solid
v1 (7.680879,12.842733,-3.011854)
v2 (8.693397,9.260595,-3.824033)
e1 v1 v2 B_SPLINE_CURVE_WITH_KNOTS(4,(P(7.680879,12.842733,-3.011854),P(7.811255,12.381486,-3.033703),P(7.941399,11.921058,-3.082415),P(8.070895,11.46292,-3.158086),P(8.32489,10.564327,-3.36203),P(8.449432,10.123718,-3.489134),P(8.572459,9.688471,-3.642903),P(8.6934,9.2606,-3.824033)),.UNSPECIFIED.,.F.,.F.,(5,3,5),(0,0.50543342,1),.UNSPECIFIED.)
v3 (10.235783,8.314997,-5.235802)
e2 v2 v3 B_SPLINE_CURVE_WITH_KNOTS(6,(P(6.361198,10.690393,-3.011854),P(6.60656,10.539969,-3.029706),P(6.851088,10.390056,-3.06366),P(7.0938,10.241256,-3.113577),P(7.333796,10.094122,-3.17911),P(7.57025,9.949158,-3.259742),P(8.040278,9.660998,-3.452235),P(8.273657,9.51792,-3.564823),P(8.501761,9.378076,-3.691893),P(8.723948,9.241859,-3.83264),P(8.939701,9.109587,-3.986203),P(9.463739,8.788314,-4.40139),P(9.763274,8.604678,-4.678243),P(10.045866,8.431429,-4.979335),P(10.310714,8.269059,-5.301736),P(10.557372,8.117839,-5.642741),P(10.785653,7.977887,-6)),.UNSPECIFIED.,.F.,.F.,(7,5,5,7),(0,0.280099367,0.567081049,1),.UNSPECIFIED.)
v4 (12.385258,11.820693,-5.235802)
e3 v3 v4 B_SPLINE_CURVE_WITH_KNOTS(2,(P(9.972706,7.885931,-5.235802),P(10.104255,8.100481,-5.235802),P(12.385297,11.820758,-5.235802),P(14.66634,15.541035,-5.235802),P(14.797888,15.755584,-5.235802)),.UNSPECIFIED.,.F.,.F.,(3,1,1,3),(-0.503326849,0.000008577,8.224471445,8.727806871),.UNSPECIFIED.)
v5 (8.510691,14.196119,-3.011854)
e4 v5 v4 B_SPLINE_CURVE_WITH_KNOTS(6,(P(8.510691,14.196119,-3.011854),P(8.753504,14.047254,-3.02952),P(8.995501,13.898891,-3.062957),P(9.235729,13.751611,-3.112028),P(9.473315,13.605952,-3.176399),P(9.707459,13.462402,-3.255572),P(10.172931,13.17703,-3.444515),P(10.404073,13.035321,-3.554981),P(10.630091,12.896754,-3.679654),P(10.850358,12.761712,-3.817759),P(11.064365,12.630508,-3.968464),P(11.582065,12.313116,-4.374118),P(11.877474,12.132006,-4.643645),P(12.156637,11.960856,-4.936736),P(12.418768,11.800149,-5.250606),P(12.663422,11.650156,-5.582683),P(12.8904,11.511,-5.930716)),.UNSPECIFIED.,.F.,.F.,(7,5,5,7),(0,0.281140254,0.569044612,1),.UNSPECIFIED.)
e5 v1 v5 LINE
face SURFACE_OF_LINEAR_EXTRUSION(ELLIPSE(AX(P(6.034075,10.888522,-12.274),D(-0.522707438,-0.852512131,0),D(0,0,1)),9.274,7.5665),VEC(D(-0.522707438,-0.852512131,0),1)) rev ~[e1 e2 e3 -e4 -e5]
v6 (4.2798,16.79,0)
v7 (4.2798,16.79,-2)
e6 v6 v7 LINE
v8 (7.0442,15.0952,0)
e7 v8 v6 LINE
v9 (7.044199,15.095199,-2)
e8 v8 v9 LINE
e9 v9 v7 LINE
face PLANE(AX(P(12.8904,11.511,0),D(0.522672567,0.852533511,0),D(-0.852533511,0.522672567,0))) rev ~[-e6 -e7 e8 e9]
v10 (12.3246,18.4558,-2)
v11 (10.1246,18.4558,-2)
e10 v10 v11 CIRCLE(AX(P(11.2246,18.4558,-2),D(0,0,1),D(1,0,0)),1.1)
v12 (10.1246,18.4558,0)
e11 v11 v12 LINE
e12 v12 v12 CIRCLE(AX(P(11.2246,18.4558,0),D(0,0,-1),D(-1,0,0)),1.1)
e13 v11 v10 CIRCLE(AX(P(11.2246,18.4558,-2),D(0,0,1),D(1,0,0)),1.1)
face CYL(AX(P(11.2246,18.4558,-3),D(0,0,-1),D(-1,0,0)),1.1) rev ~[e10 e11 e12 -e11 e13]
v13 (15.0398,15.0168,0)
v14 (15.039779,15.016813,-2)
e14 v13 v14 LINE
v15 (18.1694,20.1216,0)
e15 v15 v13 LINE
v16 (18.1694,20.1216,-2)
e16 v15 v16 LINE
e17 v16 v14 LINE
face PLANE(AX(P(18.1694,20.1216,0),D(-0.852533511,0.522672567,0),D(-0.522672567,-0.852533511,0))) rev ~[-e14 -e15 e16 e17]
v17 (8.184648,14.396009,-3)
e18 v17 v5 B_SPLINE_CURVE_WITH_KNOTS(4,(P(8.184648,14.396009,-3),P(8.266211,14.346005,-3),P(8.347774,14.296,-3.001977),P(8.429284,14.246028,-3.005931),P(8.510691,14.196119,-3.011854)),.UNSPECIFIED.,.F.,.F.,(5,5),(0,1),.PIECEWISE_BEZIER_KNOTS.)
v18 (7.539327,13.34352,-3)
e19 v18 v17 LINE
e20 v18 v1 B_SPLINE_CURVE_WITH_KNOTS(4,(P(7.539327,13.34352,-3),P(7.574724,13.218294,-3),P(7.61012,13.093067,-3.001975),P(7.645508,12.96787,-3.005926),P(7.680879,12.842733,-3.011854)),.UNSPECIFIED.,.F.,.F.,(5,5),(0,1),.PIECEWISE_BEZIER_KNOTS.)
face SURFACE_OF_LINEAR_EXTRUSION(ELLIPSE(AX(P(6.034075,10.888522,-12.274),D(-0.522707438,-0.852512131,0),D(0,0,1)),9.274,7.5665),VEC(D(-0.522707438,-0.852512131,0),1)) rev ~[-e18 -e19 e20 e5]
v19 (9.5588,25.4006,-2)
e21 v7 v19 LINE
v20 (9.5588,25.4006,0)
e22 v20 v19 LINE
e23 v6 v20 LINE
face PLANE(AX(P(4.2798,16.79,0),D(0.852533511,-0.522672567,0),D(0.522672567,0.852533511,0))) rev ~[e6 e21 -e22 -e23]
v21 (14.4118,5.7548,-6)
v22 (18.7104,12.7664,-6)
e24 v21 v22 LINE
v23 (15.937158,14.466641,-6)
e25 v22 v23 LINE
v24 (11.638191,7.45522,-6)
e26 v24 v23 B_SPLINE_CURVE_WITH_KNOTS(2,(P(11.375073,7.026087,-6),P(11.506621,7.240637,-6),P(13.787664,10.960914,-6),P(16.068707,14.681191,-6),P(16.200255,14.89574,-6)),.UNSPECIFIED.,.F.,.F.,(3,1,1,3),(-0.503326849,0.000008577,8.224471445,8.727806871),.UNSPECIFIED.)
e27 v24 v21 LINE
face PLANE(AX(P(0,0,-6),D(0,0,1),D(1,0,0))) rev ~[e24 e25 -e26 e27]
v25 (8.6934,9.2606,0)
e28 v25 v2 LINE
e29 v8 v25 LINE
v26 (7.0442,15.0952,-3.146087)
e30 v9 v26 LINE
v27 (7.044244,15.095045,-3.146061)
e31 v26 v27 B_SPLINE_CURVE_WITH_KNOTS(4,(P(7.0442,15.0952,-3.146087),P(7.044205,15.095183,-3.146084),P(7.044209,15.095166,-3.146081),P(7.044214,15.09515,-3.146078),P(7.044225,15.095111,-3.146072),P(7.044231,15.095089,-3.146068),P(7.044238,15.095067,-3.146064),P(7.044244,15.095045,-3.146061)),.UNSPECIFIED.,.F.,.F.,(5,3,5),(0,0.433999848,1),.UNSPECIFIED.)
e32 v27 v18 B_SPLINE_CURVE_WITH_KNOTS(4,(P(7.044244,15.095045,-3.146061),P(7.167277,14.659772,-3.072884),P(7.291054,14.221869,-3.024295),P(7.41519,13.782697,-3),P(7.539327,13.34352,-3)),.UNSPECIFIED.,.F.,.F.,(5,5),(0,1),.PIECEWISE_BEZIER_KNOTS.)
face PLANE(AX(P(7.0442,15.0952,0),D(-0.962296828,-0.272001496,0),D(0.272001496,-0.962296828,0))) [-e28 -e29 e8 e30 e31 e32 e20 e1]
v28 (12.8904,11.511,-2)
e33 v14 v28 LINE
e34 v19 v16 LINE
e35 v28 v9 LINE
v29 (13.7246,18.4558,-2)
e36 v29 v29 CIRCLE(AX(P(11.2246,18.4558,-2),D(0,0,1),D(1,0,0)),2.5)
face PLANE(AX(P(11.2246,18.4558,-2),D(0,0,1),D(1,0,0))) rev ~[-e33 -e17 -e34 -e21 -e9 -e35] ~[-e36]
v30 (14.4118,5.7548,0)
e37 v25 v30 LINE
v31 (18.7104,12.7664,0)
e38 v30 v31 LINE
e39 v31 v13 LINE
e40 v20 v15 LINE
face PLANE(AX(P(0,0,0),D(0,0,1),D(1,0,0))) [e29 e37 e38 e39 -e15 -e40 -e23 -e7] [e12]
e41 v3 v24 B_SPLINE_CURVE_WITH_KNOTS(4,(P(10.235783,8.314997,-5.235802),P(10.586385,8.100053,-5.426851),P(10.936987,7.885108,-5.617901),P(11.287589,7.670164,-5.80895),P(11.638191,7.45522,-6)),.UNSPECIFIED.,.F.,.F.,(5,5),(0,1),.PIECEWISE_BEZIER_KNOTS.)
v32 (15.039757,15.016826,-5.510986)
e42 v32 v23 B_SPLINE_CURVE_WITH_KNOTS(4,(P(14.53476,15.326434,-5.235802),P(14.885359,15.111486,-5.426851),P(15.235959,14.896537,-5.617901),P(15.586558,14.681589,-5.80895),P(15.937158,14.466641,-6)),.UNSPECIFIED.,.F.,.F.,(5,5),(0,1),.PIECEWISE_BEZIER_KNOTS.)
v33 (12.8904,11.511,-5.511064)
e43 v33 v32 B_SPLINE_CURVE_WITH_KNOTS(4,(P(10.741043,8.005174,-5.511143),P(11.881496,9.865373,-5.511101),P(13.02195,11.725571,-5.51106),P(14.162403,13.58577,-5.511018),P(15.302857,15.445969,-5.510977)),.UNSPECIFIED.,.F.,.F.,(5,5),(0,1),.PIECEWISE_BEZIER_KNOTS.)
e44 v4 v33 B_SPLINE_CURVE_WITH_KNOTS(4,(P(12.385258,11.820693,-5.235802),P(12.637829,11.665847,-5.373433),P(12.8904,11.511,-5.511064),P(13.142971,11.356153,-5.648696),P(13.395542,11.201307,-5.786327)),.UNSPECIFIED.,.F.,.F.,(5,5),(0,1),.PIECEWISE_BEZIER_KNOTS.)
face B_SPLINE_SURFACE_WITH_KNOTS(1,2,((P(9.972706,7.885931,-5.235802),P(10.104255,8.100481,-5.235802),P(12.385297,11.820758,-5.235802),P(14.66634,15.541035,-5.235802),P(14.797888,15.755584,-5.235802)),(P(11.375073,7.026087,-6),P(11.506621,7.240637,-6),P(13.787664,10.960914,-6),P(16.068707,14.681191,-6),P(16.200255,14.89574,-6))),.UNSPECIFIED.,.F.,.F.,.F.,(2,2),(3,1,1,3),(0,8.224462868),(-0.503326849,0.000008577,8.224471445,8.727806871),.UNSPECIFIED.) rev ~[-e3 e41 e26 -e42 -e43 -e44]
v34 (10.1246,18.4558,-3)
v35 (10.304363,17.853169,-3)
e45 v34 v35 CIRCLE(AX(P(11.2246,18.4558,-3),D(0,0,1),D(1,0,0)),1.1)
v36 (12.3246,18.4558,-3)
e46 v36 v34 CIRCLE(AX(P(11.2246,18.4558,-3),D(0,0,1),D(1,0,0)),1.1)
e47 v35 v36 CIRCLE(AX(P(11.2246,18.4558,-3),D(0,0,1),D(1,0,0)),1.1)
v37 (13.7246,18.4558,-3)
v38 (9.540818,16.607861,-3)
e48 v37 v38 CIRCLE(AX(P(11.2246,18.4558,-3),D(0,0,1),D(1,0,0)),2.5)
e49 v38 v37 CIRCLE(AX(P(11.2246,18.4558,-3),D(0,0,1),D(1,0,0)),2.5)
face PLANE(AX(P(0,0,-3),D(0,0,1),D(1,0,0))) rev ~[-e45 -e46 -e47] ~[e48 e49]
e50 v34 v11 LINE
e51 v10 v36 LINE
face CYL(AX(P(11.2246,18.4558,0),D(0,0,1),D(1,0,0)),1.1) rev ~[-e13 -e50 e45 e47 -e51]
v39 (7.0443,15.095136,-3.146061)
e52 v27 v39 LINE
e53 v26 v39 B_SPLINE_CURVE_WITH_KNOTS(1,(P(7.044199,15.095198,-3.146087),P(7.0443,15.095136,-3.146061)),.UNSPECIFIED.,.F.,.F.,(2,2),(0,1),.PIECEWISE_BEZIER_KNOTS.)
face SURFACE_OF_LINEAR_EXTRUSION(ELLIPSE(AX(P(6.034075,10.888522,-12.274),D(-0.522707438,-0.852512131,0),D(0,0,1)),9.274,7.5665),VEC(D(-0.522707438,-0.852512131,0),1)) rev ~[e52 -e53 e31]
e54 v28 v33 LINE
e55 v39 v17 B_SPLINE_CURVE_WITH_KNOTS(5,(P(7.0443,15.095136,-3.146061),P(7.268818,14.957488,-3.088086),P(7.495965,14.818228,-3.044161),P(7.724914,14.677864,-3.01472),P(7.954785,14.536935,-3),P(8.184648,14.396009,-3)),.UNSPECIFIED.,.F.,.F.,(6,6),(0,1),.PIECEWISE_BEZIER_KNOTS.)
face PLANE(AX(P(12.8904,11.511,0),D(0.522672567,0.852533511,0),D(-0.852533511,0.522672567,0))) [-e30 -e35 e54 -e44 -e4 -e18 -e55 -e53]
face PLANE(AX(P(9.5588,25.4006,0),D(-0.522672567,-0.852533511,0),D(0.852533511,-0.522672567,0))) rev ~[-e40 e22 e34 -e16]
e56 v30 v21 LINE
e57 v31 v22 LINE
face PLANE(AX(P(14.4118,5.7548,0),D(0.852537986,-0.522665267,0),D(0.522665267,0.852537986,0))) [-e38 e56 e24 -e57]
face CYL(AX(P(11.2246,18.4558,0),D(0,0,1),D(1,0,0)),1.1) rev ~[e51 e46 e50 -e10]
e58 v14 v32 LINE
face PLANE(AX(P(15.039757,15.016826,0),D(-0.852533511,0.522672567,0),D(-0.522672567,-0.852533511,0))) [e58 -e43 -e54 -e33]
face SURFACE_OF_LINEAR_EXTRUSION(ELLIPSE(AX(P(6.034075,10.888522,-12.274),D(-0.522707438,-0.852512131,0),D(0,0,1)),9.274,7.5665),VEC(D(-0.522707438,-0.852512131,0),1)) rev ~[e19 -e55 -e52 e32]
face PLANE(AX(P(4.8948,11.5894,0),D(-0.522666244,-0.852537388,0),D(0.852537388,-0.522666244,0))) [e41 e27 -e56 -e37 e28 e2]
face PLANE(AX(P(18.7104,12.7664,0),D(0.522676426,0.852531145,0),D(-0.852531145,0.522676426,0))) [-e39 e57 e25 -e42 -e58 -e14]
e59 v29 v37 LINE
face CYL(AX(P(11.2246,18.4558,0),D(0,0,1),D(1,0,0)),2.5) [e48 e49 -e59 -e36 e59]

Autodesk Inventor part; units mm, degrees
ref_plane "YZ Plane" through (0, 0, 0) normal (1, 0, 0) x (0, 1, 0)
ref_plane "XZ Plane" through (0, 0, 0) normal (0, 1, 0) x (-1, 0, 0)
sketch "Skizze1" plane through (0, 0, 0) normal (0, 0, 1) x (1, 0, 0)
  circle A0 centre (11.2246, 18.4558) radius 0.3325 construction
  circle A1 centre (11.2246, 18.4558) radius 1.1
  circle A2 centre (11.2246, 18.4558) radius 2.5
  point P0 (0, 0)
  dimension "d0" = 2.2
  dimension "d1" = 5
ref_plane "Arbeitsebene1" through (-2.597, -2.44, -3) normal (0, 0, -1) x (0, 1, 0)
extrude "Extrusion1" add sketch "Skizze1" against normal up to surface (3 mm away)
sketch "Skizze2" plane through (11.2246, 18.4558, 0) normal (0, 0, 1) x (1, 0, 0)
  line L0 (0, 0) -> (-2.8913, -4.716) construction
  line L1 (-2.8913, -4.716) -> (3.5184, 5.7389) construction
  line L2 (0, 0) -> (3.8461, -2.358) construction
  line L3 (-6.9448, -1.6658) -> (-1.6658, 6.9448)
  line L4 (-1.6658, 6.9448) -> (6.9448, 1.6658)
  line L5 (6.9448, 1.6658) -> (1.6658, -6.9448)
  line L6 (1.6658, -6.9448) -> (-6.9448, -1.6658)
  line L7 (-6.9448, -1.6658) -> (6.9448, 1.6658) construction
  line L8 (-1.6658, 6.9448) -> (1.6658, -6.9448) construction
  point P0 (-11.2246, -18.4558)
  dimension "d4" = 10.1
  dimension "d5" = 10.1
extrude "Extrusion2" add sketch "Skizze2" against normal blind 2
sketch "Skizze3" plane through (0, 0, 0) normal (0, 0, 1) x (1, 0, 0)
  line L0 (4.2798, 16.79) -> (9.5588, 25.4006) projected
  line L1 (12.8904, 11.511) -> (4.2798, 16.79) projected
  line L2 (18.1694, 20.1216) -> (12.8904, 11.511) projected
  line L3 (9.5588, 25.4006) -> (18.1694, 20.1216) projected
  line L4 (4.8948, 11.5894) -> (14.4118, 5.7548)
  line L5 (14.4118, 5.7548) -> (18.7104, 12.7664)
  line L6 (18.7104, 12.7664) -> (15.0398, 15.0168)
  line L7 (-1.5402, 15.5346) -> (18.7104, 12.7664) construction
  line L8 (14.4118, 5.7548) -> (2.7585, 22.5462) construction
  line L9 (4.8948, 11.5894) -> (7.0442, 15.0952)
  line L10 (12.8904, 11.511) -> (4.2798, 16.79) projected
  line L11 (7.0442, 15.0952) -> (12.8904, 11.511)
  line L12 (12.8904, 11.511) -> (15.0398, 15.0168)
  line L13 (18.1694, 20.1216) -> (12.8904, 11.511) projected
  point P0 (0, 0)
  point P1 (8.5851, 14.1505)
extrude "Extrusion3" add sketch "Skizze3" against normal blind 6 contours L1 L2 L6 L5 L4 L9
sketch "Skizze4" plane through (4.8948, 11.5894, -6) normal (-0.5227, -0.8525, 0) x (0.8525, -0.5227, 0)
  line L0 (-1.036, 2.1441) -> (1.7865, 3.0085) projected
  line L1 (0, 6) -> (11.1631, 6) projected
  line L2 (0, 6) -> (0, 0) projected
  line L3 (11.1631, 0) -> (0, 0) projected
  line L4 (11.1631, 6) -> (11.1631, 0) projected
  line L5 (0.7075, 3) -> (2.9075, 3) projected
  line L6 (1.3376, -2.7865) -> (1.3376, -9.7615) projected
  ellipse E0 centre (1.3376, -6.274) end of major axis (1.3376, 3) minor radius 7.5665
  point P0 (1.8845, 6)
extrude "Extrusion4" cut sketch "Skizze4" against normal up to surface (8.2244 mm away) contours L2 E0 L0 | L2 L3 E0 | L0 E0 L3 L2
sketch "Skizze5" plane through (0, 0, 0) normal (0, 0, 1) x (1, 0, 0)
  line L0 (4.2798, 16.79) -> (9.5588, 25.4006) projected
  line L1 (7.0442, 15.0952) -> (4.2798, 16.79) projected
  line L2 (7.0442, 15.0952) -> (4.8948, 11.5894) projected
  line L3 (4.8948, 11.5894) -> (14.4118, 5.7548) projected
  line L4 (14.4118, 5.7548) -> (18.7104, 12.7664) projected
  line L5 (18.7104, 12.7664) -> (15.0398, 15.0168) projected
  line L6 (18.1694, 20.1216) -> (15.0398, 15.0168) projected
  line L7 (9.5588, 25.4006) -> (18.1694, 20.1216) projected
  line L8 (7.0442, 15.0952) -> (4.8948, 11.5894) projected
  line L9 (7.0442, 15.0952) -> (8.6934, 9.2606)
  line L10 (10.7856, 7.9779) -> (4.8948, 11.5894) projected
  point P0 (0, 0)
extrude "Extrusion5" cut sketch "Skizze5" against normal blind 6 contours L9 L3 L2
chamfer "Fase1" distance 1 angle 45 1 edges at (12.9349, 11.4837, -6)
sketch "Skizze6" plane through (14.4118, 5.7548, -6) normal (-0.5227, -0.8525, 0) x (0.8525, -0.5227, 0)
  ellipse E0 centre (-9.8255, -6.274) end of major axis (-9.8255, -15.548) minor radius 7.5665 (-4.8984, 0.7642) -> (-6.7074, 2.1759) ccw projected
  ellipse E1 centre (-9.8255, -6.274) end of major axis (-9.8255, -15.548) minor radius 7.5665 (-6.7074, 2.1759) -> (-11.1631, 2.8539) ccw projected
  point P0 (-9.2786, 6)
  point P1 (-3.2534, 0)
sketch "Skizze7" plane through (11.2246, 18.4558, -3) normal (0, 0, -1) x (-1, 0, 0)
  circle A0 centre (0, 0) radius 1.1 projected
  point P0 (11.2246, -18.4558)
extrude "Extrusion6" cut sketch "Skizze7" against normal blind 10
properties part number "thumb_phalanx_plate" material "Nylon 6/6"
